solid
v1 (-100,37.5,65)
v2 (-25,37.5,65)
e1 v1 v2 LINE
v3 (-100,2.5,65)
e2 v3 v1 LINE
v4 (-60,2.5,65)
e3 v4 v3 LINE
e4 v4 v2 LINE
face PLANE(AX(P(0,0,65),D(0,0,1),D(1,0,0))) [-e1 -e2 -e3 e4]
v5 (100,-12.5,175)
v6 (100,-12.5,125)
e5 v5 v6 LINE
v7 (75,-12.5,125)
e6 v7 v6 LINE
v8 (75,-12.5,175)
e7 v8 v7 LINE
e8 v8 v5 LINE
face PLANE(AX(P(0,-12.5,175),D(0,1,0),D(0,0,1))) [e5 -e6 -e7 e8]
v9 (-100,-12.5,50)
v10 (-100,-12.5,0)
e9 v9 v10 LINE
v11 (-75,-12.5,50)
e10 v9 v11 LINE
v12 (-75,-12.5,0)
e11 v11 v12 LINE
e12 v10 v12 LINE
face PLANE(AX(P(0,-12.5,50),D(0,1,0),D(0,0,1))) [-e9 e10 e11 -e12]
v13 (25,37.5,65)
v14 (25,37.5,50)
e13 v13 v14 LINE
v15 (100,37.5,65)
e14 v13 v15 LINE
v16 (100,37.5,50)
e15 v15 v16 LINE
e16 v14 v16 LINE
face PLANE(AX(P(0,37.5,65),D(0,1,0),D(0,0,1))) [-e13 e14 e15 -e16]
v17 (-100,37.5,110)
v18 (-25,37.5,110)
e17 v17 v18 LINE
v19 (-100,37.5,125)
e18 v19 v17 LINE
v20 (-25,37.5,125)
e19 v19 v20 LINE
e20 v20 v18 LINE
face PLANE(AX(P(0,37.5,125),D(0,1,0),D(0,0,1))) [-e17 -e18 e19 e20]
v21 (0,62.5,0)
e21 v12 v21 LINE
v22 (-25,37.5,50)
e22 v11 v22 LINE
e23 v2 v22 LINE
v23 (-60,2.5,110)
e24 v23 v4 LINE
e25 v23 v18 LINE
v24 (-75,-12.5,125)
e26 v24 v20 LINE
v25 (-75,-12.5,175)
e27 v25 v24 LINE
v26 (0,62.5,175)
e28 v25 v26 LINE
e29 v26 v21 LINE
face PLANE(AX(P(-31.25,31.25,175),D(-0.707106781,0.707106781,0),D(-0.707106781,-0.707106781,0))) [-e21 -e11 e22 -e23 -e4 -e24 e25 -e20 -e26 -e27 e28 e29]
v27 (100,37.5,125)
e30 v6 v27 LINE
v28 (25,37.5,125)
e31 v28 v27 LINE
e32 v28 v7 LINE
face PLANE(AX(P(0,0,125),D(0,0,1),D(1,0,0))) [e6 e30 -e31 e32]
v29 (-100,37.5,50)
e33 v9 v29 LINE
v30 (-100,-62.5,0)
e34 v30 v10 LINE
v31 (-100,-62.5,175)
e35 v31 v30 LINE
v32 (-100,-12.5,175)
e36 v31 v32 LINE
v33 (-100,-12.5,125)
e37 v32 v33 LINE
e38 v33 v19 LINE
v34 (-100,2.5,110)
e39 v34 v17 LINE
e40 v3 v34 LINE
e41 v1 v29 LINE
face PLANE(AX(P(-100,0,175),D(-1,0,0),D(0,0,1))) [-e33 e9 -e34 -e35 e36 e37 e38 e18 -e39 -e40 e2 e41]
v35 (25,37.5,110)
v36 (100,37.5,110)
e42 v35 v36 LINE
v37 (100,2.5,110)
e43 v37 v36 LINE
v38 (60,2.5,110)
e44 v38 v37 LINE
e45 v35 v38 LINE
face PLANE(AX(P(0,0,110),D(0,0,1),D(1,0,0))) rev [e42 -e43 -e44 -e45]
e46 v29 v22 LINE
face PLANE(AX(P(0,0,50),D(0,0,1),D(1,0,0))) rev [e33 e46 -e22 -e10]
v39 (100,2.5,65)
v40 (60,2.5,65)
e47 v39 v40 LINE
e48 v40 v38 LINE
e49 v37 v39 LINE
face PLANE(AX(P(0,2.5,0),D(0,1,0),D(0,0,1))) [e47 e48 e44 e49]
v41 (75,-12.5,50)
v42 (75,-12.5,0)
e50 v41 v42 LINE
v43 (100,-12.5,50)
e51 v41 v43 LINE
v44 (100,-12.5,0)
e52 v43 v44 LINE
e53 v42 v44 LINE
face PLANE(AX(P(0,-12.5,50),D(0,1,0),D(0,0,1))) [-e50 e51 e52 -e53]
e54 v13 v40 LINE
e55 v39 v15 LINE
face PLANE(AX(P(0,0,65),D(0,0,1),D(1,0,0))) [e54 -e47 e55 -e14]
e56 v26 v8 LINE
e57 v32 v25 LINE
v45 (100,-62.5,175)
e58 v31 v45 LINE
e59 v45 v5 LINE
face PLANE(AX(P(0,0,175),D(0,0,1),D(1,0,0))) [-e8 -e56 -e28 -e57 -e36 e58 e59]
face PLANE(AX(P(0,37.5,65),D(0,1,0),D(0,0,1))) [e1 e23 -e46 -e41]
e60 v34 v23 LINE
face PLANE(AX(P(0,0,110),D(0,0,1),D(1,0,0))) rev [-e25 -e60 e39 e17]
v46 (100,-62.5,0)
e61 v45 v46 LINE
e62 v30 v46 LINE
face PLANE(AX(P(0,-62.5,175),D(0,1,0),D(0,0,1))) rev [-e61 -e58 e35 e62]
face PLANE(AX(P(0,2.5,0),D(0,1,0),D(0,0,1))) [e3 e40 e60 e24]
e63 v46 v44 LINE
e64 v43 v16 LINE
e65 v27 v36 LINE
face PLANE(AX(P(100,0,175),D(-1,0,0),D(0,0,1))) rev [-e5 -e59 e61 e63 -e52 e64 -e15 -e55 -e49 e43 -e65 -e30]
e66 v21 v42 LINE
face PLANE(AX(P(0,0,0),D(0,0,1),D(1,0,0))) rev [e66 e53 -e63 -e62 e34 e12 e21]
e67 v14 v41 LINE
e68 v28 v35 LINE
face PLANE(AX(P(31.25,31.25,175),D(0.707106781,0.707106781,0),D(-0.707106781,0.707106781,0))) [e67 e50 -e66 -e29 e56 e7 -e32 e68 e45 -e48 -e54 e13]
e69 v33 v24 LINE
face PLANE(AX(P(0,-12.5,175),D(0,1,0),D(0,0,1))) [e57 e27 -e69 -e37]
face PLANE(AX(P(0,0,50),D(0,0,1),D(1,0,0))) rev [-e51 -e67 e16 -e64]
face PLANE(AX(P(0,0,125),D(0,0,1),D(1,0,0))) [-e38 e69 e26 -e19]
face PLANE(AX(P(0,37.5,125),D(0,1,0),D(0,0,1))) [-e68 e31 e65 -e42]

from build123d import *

# Parameters (mm, degrees)
SKETCH1_W           = 200
SKETCH1_H           = 125
BOSS_EXTRUDE1_DEPTH = 175
CUT_EXTRUDE1_DEPTH  = 212.024287702
CUT_EXTRUDE2_DEPTH  = 212.024287702
BOSS_EXTRUDE2_DEPTH = 125
CUT_EXTRUDE3_DEPTH  = 110
BOSS_EXTRUDE3_DEPTH = 65
CUT_EXTRUDE4_DEPTH  = 50
SKETCH3_W           = 200
SKETCH3_H           = 45
BOSS_EXTRUDE4_DEPTH = 15


with BuildPart() as part:
    # Sketch1 → Boss-Extrude1 (new body)
    with BuildSketch(Plane.XY):
        Rectangle(SKETCH1_W, SKETCH1_H)
    extrude(amount=BOSS_EXTRUDE1_DEPTH)

    # Sketch1<3> → Cut-Extrude1 (cut, through all)
    with BuildSketch(Plane.XY):
        Polygon((-100, 62.5), (-100, 37.5), (-25, 37.5), (0, 62.5), align=None)
        Polygon((0, 62.5), (25, 37.5), (100, 37.5), (100, 62.5), align=None)
    extrude(amount=CUT_EXTRUDE1_DEPTH, mode=Mode.SUBTRACT)

    # Sketch1<4> → Cut-Extrude2 (cut, through all)
    with BuildSketch(Plane.XY):
        Polygon((-100, 37.5), (-100, -12.5), (-75, -12.5), (-25, 37.5), align=None)
        Polygon((25, 37.5), (75, -12.5), (100, -12.5), (100, 37.5), align=None)
    extrude(amount=CUT_EXTRUDE2_DEPTH, mode=Mode.SUBTRACT)

    # Sketch1<5> → Boss-Extrude2 (add)
    with BuildSketch(Plane.XY):
        Polygon((-100, 37.5), (-100, -12.5), (-75, -12.5), (-25, 37.5), align=None)
        Polygon((25, 37.5), (75, -12.5), (100, -12.5), (100, 37.5), align=None)
    extrude(amount=BOSS_EXTRUDE2_DEPTH)

    # Sketch1<6> → Cut-Extrude3 (cut)
    with BuildSketch(Plane.XY):
        Polygon((-100, 37.5), (-100, -12.5), (-75, -12.5), (-25, 37.5), align=None)
        Polygon((25, 37.5), (75, -12.5), (100, -12.5), (100, 37.5), align=None)
    extrude(amount=CUT_EXTRUDE3_DEPTH, mode=Mode.SUBTRACT)

    # Sketch1<9> → Boss-Extrude3 (add)
    with BuildSketch(Plane.XY):
        Polygon((-100, 37.5), (-100, -12.5), (-75, -12.5), (-25, 37.5), align=None)
        Polygon((25, 37.5), (75, -12.5), (100, -12.5), (100, 37.5), align=None)
    extrude(amount=BOSS_EXTRUDE3_DEPTH)

    # Sketch1<10> → Cut-Extrude4 (cut)
    with BuildSketch(Plane.XY):
        Polygon((-100, 37.5), (-100, -12.5), (-75, -12.5), (-25, 37.5), align=None)
        Polygon((25, 37.5), (75, -12.5), (100, -12.5), (100, 37.5), align=None)
    extrude(amount=CUT_EXTRUDE4_DEPTH, mode=Mode.SUBTRACT)

    # Sketch3 → Boss-Extrude4 (add)
    with BuildSketch(Plane(origin=(0, -12.5, 0), x_dir=(1, 0, 0), z_dir=(0, 1, 0))):
        with Locations((0, -87.5)):
            Rectangle(SKETCH3_W, SKETCH3_H)
    extrude(amount=BOSS_EXTRUDE4_DEPTH)


solid = part.part
